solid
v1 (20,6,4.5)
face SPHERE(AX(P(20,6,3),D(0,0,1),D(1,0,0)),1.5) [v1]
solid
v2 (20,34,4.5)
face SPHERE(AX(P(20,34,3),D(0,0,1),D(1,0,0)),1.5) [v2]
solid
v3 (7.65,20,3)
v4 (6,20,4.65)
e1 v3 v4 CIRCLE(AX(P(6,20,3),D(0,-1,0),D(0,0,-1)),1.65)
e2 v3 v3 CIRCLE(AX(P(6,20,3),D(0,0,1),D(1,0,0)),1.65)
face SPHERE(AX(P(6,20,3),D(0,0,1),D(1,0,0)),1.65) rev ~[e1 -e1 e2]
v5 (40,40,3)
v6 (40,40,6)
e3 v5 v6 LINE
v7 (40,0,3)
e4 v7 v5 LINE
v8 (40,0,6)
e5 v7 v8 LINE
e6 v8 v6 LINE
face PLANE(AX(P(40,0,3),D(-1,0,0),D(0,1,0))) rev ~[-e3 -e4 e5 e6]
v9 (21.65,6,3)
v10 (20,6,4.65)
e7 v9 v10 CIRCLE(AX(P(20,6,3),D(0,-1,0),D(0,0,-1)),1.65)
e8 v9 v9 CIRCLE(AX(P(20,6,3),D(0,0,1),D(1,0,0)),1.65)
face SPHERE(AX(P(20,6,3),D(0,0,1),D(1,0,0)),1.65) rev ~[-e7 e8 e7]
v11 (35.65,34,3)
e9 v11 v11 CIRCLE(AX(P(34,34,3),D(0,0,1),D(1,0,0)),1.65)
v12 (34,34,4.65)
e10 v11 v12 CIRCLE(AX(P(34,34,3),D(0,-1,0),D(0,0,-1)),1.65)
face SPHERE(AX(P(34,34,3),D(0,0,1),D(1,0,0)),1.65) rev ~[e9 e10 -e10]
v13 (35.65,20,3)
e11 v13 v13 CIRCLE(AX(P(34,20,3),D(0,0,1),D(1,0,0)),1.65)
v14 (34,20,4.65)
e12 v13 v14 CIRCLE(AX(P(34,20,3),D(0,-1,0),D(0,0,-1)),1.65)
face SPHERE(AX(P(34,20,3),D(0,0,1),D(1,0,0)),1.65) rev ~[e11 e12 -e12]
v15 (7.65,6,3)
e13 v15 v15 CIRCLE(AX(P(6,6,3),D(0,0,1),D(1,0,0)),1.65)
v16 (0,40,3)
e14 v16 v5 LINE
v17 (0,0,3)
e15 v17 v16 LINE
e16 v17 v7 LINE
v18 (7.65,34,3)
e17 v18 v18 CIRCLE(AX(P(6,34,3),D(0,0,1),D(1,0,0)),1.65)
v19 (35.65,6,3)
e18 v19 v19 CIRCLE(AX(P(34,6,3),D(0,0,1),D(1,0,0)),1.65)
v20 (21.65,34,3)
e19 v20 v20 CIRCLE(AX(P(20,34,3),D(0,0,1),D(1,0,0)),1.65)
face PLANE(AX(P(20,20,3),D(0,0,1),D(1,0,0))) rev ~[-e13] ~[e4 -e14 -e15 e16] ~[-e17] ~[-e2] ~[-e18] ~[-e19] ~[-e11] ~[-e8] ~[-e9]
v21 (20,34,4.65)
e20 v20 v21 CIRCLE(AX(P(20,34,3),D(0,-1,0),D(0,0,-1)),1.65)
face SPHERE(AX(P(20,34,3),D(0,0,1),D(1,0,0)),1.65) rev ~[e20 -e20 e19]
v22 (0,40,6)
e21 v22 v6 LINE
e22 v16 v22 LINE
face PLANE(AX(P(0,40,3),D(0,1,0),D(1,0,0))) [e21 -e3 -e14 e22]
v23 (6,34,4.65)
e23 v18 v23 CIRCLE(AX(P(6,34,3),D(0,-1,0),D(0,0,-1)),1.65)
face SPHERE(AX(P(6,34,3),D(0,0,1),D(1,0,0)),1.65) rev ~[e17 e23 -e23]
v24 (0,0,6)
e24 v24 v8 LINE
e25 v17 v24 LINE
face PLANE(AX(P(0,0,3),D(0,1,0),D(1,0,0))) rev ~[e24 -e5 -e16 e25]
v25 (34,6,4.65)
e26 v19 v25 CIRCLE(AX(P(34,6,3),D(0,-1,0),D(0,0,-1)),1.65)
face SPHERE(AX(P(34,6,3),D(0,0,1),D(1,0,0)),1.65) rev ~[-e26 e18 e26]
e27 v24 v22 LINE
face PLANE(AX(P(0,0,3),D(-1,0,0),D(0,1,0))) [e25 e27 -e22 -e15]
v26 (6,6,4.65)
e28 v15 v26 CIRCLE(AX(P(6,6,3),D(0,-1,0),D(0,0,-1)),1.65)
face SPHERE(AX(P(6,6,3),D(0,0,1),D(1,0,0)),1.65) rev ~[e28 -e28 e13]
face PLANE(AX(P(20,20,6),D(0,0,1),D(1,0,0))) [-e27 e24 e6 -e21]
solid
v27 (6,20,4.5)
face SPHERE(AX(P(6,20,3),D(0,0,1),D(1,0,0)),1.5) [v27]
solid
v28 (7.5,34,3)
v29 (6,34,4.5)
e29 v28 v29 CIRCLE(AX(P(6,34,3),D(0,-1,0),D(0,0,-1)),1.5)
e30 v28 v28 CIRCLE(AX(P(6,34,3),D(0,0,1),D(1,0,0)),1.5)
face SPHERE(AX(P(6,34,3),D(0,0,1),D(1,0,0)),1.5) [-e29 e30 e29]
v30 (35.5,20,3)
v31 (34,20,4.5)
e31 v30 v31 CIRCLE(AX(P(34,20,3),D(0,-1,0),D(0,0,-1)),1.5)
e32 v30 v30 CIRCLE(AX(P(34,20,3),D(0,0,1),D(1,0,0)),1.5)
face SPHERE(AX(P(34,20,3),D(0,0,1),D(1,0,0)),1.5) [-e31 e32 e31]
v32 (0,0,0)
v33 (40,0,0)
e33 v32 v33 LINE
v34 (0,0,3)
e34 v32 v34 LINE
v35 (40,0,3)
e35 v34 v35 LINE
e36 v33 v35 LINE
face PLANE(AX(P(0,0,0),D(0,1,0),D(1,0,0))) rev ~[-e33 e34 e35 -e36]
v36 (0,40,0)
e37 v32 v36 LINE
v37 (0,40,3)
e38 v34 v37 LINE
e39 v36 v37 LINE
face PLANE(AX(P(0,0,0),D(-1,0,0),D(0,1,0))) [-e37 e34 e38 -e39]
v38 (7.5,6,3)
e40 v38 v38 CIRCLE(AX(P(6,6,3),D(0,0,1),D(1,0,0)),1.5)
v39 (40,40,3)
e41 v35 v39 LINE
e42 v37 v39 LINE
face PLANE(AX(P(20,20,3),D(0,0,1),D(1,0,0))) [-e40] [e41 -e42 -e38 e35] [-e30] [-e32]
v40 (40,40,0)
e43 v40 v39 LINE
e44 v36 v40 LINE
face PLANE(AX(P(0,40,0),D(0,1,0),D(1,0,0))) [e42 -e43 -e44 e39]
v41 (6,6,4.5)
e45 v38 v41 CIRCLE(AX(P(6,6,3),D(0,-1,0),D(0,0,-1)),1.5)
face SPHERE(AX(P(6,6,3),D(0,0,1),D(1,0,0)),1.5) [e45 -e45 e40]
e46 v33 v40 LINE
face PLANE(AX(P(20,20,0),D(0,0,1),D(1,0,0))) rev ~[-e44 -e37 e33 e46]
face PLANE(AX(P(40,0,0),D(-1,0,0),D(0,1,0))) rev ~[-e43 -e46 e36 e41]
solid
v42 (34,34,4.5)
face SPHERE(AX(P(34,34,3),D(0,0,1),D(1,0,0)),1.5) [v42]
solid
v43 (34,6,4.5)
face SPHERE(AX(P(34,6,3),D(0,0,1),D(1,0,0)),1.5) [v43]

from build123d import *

# Parameters (mm, degrees)
BOX001_W     = 40
BOX001_H     = 40
BOX001_DEPTH = 3
BOX_W        = 40
BOX_H        = 40
BOX_DEPTH    = 3


with BuildPart() as sphere009:
    # Sphere009 → Sphere009 (revolve)
    with BuildSketch(Plane(origin=(34, 20, 3), x_dir=(1, 0, 0), z_dir=(0, -1, 0))):
        with BuildLine():
            ThreePointArc((0, -1.65), (1.65, 0), (0, 1.65))
            Line((0, 1.65), (0, -1.65))
        make_face()
    revolve(axis=Axis((34, 20, 3), (0, 0, 1)))


with BuildPart() as sphere010:
    # Sphere010 → Sphere010 (revolve)
    with BuildSketch(Plane(origin=(34, 6, 3), x_dir=(1, 0, 0), z_dir=(0, -1, 0))):
        with BuildLine():
            ThreePointArc((0, -1.65), (1.65, 0), (0, 1.65))
            Line((0, 1.65), (0, -1.65))
        make_face()
    revolve(axis=Axis((34, 6, 3), (0, 0, 1)))


with BuildPart() as sphere011:
    # Sphere011 → Sphere011 (revolve)
    with BuildSketch(Plane(origin=(20, 34, 3), x_dir=(1, 0, 0), z_dir=(0, -1, 0))):
        with BuildLine():
            ThreePointArc((0, -1.65), (1.65, 0), (0, 1.65))
            Line((0, 1.65), (0, -1.65))
        make_face()
    revolve(axis=Axis((20, 34, 3), (0, 0, 1)))


with BuildPart() as sphere012:
    # Sphere012 → Sphere012 (revolve)
    with BuildSketch(Plane(origin=(20, 6, 3), x_dir=(1, 0, 0), z_dir=(0, -1, 0))):
        with BuildLine():
            ThreePointArc((0, -1.65), (1.65, 0), (0, 1.65))
            Line((0, 1.65), (0, -1.65))
        make_face()
    revolve(axis=Axis((20, 6, 3), (0, 0, 1)))


with BuildPart() as sphere013:
    # Sphere013 → Sphere013 (revolve)
    with BuildSketch(Plane(origin=(6, 34, 3), x_dir=(1, 0, 0), z_dir=(0, -1, 0))):
        with BuildLine():
            ThreePointArc((0, -1.65), (1.65, 0), (0, 1.65))
            Line((0, 1.65), (0, -1.65))
        make_face()
    revolve(axis=Axis((6, 34, 3), (0, 0, 1)))


with BuildPart() as sphere014:
    # Sphere014 → Sphere014 (revolve)
    with BuildSketch(Plane(origin=(34, 34, 3), x_dir=(1, 0, 0), z_dir=(0, -1, 0))):
        with BuildLine():
            ThreePointArc((0, -1.65), (1.65, 0), (0, 1.65))
            Line((0, 1.65), (0, -1.65))
        make_face()
    revolve(axis=Axis((34, 34, 3), (0, 0, 1)))


with BuildPart() as sphere015:
    # Sphere015 → Sphere015 (revolve)
    with BuildSketch(Plane(origin=(6, 20, 3), x_dir=(1, 0, 0), z_dir=(0, -1, 0))):
        with BuildLine():
            ThreePointArc((0, -1.65), (1.65, 0), (0, 1.65))
            Line((0, 1.65), (0, -1.65))
        make_face()
    revolve(axis=Axis((6, 20, 3), (0, 0, 1)))


with BuildPart() as fusion001:
    # Sphere008 → Sphere008 (revolve)
    with BuildSketch(Plane(origin=(6, 6, 3), x_dir=(1, 0, 0), z_dir=(0, -1, 0))):
        with BuildLine():
            ThreePointArc((0, -1.65), (1.65, 0), (0, 1.65))
            Line((0, 1.65), (0, -1.65))
        make_face()
    revolve(axis=Axis((6, 6, 3), (0, 0, 1)))

    # Fusion001: union Sphere009, Sphere010, Sphere011, Sphere012, Sphere013, Sphere014, Sphere015
    add(sphere009.part)
    add(sphere010.part)
    add(sphere011.part)
    add(sphere012.part)
    add(sphere013.part)
    add(sphere014.part)
    add(sphere015.part)


with BuildPart() as dips:
    # Box001 → Box001 (new body)
    with BuildSketch(Plane.XY.offset(3)):
        with Locations((20, 20)):
            Rectangle(BOX001_W, BOX001_H)
    extrude(amount=BOX001_DEPTH)

    # Cut: cut Fusion001
    add(fusion001.part, mode=Mode.SUBTRACT)


with BuildPart() as sphere007:
    # Sphere007 → Sphere007 (revolve)
    with BuildSketch(Plane(origin=(20, 34, 3), x_dir=(1, 0, 0), z_dir=(0, -1, 0))):
        with BuildLine():
            ThreePointArc((0, -1.5), (1.5, 0), (0, 1.5))
            Line((0, 1.5), (0, -1.5))
        make_face()
    revolve(axis=Axis((20, 34, 3), (0, 0, 1)))


with BuildPart() as sphere002:
    # Sphere002 → Sphere002 (revolve)
    with BuildSketch(Plane(origin=(34, 34, 3), x_dir=(1, 0, 0), z_dir=(0, -1, 0))):
        with BuildLine():
            ThreePointArc((0, -1.5), (1.5, 0), (0, 1.5))
            Line((0, 1.5), (0, -1.5))
        make_face()
    revolve(axis=Axis((34, 34, 3), (0, 0, 1)))


with BuildPart() as sphere004:
    # Sphere004 → Sphere004 (revolve)
    with BuildSketch(Plane(origin=(6, 20, 3), x_dir=(1, 0, 0), z_dir=(0, -1, 0))):
        with BuildLine():
            ThreePointArc((0, -1.5), (1.5, 0), (0, 1.5))
            Line((0, 1.5), (0, -1.5))
        make_face()
    revolve(axis=Axis((6, 20, 3), (0, 0, 1)))


with BuildPart() as sphere006:
    # Sphere006 → Sphere006 (revolve)
    with BuildSketch(Plane(origin=(20, 6, 3), x_dir=(1, 0, 0), z_dir=(0, -1, 0))):
        with BuildLine():
            ThreePointArc((0, -1.5), (1.5, 0), (0, 1.5))
            Line((0, 1.5), (0, -1.5))
        make_face()
    revolve(axis=Axis((20, 6, 3), (0, 0, 1)))


with BuildPart() as spare_bumps:
    # Sphere001 → Sphere001 (revolve)
    with BuildSketch(Plane(origin=(34, 6, 3), x_dir=(1, 0, 0), z_dir=(0, -1, 0))):
        with BuildLine():
            ThreePointArc((0, -1.5), (1.5, 0), (0, 1.5))
            Line((0, 1.5), (0, -1.5))
        make_face()
    revolve(axis=Axis((34, 6, 3), (0, 0, 1)))

    # Fusion002: union Sphere007, Sphere002, Sphere004, Sphere006
    add(sphere007.part)
    add(sphere002.part)
    add(sphere004.part)
    add(sphere006.part)


with BuildPart() as sphere005:
    # Sphere005 → Sphere005 (revolve)
    with BuildSketch(Plane(origin=(34, 20, 3), x_dir=(1, 0, 0), z_dir=(0, -1, 0))):
        with BuildLine():
            ThreePointArc((0, -1.5), (1.5, 0), (0, 1.5))
            Line((0, 1.5), (0, -1.5))
        make_face()
    revolve(axis=Axis((34, 20, 3), (0, 0, 1)))


with BuildPart() as sphere003:
    # Sphere003 → Sphere003 (revolve)
    with BuildSketch(Plane(origin=(6, 34, 3), x_dir=(1, 0, 0), z_dir=(0, -1, 0))):
        with BuildLine():
            ThreePointArc((0, -1.5), (1.5, 0), (0, 1.5))
            Line((0, 1.5), (0, -1.5))
        make_face()
    revolve(axis=Axis((6, 34, 3), (0, 0, 1)))


with BuildPart() as fusion:
    # Sphere → Sphere (revolve)
    with BuildSketch(Plane(origin=(6, 6, 3), x_dir=(1, 0, 0), z_dir=(0, -1, 0))):
        with BuildLine():
            ThreePointArc((0, -1.5), (1.5, 0), (0, 1.5))
            Line((0, 1.5), (0, -1.5))
        make_face()
    revolve(axis=Axis((6, 6, 3), (0, 0, 1)))

    # Fusion: union Sphere005, Sphere003
    add(sphere005.part)
    add(sphere003.part)


with BuildPart() as fusion003:
    # Box → Box (new body)
    with BuildSketch(Plane.XY):
        with Locations((20, 20)):
            Rectangle(BOX_W, BOX_H)
    extrude(amount=BOX_DEPTH)

    # Fusion003: union Fusion
    add(fusion.part)


solid = Compound([dips.part, spare_bumps.part, fusion003.part])
